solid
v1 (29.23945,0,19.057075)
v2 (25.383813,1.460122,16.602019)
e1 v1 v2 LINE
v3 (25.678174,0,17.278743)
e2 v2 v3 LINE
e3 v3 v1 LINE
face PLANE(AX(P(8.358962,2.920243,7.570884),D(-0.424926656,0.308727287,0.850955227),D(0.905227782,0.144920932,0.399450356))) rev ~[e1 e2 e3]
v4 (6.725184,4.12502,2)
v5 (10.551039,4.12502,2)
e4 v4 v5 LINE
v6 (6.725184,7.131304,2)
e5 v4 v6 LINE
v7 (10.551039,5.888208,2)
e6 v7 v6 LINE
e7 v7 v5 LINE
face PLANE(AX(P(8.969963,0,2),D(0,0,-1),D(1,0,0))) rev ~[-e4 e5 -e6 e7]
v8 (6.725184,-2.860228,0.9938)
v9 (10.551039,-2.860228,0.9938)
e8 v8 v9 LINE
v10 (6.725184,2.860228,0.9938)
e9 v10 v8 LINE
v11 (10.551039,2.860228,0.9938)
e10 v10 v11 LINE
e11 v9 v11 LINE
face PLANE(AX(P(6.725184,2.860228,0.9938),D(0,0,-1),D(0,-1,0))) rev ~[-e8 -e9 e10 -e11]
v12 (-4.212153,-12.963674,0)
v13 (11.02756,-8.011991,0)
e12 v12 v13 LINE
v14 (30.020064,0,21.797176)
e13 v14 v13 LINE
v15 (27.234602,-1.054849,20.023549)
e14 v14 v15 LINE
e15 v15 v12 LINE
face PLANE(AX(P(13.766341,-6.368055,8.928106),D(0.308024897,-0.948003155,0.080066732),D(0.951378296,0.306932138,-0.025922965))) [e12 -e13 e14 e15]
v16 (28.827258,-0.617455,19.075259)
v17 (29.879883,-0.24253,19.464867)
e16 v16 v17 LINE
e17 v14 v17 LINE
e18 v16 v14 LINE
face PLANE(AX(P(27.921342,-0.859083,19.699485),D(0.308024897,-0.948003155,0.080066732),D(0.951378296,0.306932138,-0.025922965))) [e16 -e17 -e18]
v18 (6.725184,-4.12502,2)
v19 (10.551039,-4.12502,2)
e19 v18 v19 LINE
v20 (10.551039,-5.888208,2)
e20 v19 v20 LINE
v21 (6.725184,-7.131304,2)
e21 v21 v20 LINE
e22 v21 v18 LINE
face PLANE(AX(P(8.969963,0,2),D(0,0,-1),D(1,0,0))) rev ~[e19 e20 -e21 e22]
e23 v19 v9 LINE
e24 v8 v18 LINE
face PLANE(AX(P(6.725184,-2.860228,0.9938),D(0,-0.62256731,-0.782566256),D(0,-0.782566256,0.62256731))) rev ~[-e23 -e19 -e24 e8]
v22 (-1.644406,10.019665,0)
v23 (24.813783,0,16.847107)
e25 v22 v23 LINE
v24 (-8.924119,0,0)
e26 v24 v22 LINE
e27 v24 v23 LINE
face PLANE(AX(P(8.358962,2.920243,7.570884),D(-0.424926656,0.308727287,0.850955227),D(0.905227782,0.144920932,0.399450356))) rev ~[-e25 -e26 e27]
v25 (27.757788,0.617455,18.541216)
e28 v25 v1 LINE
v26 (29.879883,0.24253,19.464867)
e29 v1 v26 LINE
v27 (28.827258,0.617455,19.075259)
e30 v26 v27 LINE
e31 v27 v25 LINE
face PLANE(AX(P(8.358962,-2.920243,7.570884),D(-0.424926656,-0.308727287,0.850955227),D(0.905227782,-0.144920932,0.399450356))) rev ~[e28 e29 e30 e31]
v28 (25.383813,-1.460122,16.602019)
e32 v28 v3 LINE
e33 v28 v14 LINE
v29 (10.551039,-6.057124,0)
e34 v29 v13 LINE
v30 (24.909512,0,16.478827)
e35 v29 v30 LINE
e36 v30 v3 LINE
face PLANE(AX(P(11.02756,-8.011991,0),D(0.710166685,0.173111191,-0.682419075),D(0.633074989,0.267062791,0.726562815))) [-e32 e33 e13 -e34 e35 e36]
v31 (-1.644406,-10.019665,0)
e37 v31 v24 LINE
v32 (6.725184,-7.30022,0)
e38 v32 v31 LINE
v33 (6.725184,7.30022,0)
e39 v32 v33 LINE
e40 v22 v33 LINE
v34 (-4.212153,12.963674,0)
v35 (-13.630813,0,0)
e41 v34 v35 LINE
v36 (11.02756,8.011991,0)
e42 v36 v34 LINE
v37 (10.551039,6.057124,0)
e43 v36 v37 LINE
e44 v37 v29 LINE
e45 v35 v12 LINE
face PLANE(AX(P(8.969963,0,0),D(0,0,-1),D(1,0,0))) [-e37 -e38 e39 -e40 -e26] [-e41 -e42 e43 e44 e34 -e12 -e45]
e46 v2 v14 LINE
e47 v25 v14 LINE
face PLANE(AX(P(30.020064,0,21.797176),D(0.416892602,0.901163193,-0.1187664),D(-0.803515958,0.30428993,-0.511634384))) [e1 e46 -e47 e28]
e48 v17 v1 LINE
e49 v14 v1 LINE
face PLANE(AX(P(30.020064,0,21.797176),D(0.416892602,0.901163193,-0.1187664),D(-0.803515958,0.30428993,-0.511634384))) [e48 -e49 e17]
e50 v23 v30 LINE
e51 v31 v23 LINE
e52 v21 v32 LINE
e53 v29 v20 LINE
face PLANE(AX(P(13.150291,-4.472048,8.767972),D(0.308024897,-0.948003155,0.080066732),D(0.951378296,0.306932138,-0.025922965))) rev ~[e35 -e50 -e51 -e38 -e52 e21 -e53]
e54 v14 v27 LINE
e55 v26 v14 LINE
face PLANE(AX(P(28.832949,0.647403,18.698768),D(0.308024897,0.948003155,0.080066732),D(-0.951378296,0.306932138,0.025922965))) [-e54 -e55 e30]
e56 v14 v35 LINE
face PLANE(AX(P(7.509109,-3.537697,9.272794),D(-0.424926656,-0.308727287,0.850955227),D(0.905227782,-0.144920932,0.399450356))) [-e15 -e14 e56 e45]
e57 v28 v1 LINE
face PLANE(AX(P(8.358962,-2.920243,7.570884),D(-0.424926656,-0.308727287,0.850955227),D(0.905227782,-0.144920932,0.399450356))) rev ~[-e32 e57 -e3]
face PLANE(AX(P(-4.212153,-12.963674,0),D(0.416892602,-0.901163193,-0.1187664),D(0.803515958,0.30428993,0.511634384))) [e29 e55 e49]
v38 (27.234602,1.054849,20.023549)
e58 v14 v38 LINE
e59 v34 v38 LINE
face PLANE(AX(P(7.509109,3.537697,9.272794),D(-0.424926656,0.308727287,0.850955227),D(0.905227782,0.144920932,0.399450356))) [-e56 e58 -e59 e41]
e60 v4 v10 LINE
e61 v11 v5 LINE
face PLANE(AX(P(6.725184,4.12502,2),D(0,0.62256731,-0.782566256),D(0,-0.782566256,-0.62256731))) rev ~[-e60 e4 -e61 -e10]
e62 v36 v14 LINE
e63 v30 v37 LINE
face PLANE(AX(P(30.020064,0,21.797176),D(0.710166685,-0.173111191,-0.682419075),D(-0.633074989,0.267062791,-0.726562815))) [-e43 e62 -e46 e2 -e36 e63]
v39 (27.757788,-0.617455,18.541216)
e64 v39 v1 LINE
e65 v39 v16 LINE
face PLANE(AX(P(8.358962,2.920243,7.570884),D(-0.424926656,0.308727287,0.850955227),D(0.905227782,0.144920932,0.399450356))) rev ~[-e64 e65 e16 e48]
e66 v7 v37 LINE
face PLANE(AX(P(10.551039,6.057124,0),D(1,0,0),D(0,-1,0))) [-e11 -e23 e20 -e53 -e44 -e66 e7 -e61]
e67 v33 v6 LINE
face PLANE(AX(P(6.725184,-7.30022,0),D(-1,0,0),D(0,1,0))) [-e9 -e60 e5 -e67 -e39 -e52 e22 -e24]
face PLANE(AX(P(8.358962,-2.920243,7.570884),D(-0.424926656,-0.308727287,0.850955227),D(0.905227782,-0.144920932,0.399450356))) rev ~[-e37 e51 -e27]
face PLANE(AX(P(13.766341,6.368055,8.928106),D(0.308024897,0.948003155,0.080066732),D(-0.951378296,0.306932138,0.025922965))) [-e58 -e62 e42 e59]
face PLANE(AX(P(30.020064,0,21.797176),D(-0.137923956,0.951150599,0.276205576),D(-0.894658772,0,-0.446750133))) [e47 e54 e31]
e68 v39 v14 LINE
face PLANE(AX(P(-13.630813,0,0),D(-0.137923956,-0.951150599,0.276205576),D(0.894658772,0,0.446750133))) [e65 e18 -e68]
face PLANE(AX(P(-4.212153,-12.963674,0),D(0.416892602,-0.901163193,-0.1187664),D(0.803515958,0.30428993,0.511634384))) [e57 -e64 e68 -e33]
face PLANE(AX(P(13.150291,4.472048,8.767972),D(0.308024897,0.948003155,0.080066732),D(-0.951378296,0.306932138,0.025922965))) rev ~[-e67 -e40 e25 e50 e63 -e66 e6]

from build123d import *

# Parameters (mm, degrees)
F10_DEPTH = 2
F11_DEPTH = 2
F12_DEPTH = 2
F13_DEPTH = 2
F14_W     = 8.485019207
F14_H     = 5.5162683129
F15_DEPTH = 25.4
F16_W     = 22.2342889756
F16_H     = 4.6487008221
F17_DEPTH = 25.4
F18_W     = 7.9449899495
F18_H     = 7.2886322159
F19_DEPTH = 25.4
F20_W     = 5.9225577861
F20_H     = 11.3939000294
F21_DEPTH = 25.4
F22_DEPTH = 25.4
F24_DEPTH = 2
F25_W     = 2.8602282982
F25_H     = 1.0062001161
F26_DEPTH = 25.4


with BuildPart() as f10:
    # F9 (on 3pt) → F10 (new body)
    with BuildSketch(Plane(origin=(3.3858576339, 10.4205982991, 0.8801059814), x_dir=(-0.9513782964, 0.3069321376, 0.0259229655), z_dir=(0.308024897, 0.9480031547, 0.0800667316))):
        Polygon((7.9863190401, -1.0910055423), (-27.9953896476, 21.7198480533), (-8.0322433603, -0.6742785071), align=None)
    extrude(amount=-F10_DEPTH)

    # F7 (on 3pt) → F11 (join)
    with BuildSketch(Plane(origin=(-2.4612159584, 1.7881780643, 4.9288143129), x_dir=(0.9052277817, 0.144920932, 0.3994503557), z_dir=(-0.4249266563, 0.3087272871, 0.8509552274))):
        Polygon((35.8818855958, -7.4339114282), (-1.9342501918, 12.1864421859), (-12.3389909213, 0), align=None)
    extrude(amount=-F11_DEPTH)

    # F6 (on 3pt) → F12 (join)
    with BuildSketch(Plane(origin=(-2.4612159584, -1.7881780643, 4.9288143129), x_dir=(0.9052277817, -0.144920932, 0.3994503557), z_dir=(-0.4249266563, -0.3087272871, 0.8509552274))):
        Polygon((-1.9342501918, -12.1864421859), (35.8818855958, 7.4339114282), (-12.3389909213, 0), align=None)
    extrude(amount=-F12_DEPTH)

    # F5 (on face) → F13 (join)
    with BuildSketch(Plane(origin=(3.3858576339, -10.4205982991, 0.8801059814), x_dir=(0.9513782964, 0.3069321376, -0.0259229655), z_dir=(0.308024897, -0.9480031547, 0.0800667316))):
        Polygon((8.0322433603, -0.6742785071), (27.9953896476, 21.7198480533), (-7.9863190401, -1.0910055423), align=None)
    extrude(amount=-F13_DEPTH)

    # F14 (on face) → F15 (cut)
    with BuildSketch(Plane(origin=(3.3858576339, -10.4205982991, 0.8801059814), x_dir=(0.9513782964, 0.3069321376, -0.0259229655), z_dir=(0.308024897, -0.9480031547, 0.0800667316))):
        with Locations((25.7894098759, 19.5572990924)):
            Rectangle(F14_W, F14_H)
    extrude(amount=F15_DEPTH, mode=Mode.SUBTRACT)

    # F16 (on face) → F17 (cut)
    with BuildSketch(Plane(origin=(-2.4612159584, 1.7881780643, 4.9288143129), x_dir=(0.9052277817, 0.144920932, 0.3994503557), z_dir=(-0.4249266563, 0.3087272871, 0.8509552274))):
        with Locations((32.4524613097, -6.6612462979)):
            Rectangle(F16_W, F16_H)
    extrude(amount=F17_DEPTH, mode=Mode.SUBTRACT)

    # F18 (on face) → F19 (cut)
    with BuildSketch(Plane(origin=(-2.4612159584, -1.7881780643, 4.9288143129), x_dir=(0.9052277817, -0.144920932, 0.3994503557), z_dir=(-0.4249266563, -0.3087272871, 0.8509552274))):
        with Locations((35.5167929083, 5.7378442725)):
            Rectangle(F18_W, F18_H)
    extrude(amount=F19_DEPTH, mode=Mode.SUBTRACT)

    # F20 (on face) → F21 (cut)
    with BuildSketch(Plane(origin=(3.3858576339, 10.4205982991, 0.8801059814), x_dir=(-0.9513782964, 0.3069321376, 0.0259229655), z_dir=(0.308024897, 0.9480031547, 0.0800667316))):
        with Locations((-26.7476057634, 18.5779468156)):
            Rectangle(F20_W, F20_H)
    extrude(amount=F21_DEPTH, mode=Mode.SUBTRACT)

    # F0 (on Top) → F22 (cut)
    with BuildSketch(Plane.XY):
        Polygon((11.027559638, -8.0119910571), (11.027559638, 8.0119910571), (-4.2121529688, 12.963673848), (-13.6308133385, 0), (-4.2121529688, -12.963673848), align=None)
    extrude(amount=-F22_DEPTH, mode=Mode.SUBTRACT)

    # F23 (on face) → F24 (join)
    with BuildSketch(Plane(origin=(0, 0, 0), x_dir=(1, 0, 0), z_dir=(0, 0, -1))):
        Polygon((6.725183616, 3.5935375892), (6.725183616, -3.5935375892), (10.5510387165, -6.0571244693), (10.5510387165, 6.0571244693), align=None)
        Polygon((10.5510387165, -6.0571244693), (6.725183616, -3.5935375892), (6.725183616, -7.3002201464), align=None)
        Polygon((6.725183616, 7.3002201464), (6.725183616, 3.5935375892), (10.5510387165, 6.0571244693), align=None)
    extrude(amount=-F24_DEPTH)

    # F25 (on face) → F26 (cut)
    with BuildSketch(Plane(origin=(6.725183616, 0, 0), x_dir=(0, -1, 0), z_dir=(-1, 0, 0))):
        Polygon((2.8602282982, 2), (2.8602282982, 0.9937998839), (4.1250204667, 2), align=None)
        with Locations((1.4301141491, 1.4968999419)):
            Rectangle(F25_W, F25_H)
        with Locations((-1.4301141491, 1.4968999419)):
            Rectangle(F25_W, F25_H)
        Polygon((-4.1250204667, 2), (-2.8602282982, 0.9937998839), (-2.8602282982, 2), align=None)
    extrude(amount=-F26_DEPTH, mode=Mode.SUBTRACT)


solid = f10.part
